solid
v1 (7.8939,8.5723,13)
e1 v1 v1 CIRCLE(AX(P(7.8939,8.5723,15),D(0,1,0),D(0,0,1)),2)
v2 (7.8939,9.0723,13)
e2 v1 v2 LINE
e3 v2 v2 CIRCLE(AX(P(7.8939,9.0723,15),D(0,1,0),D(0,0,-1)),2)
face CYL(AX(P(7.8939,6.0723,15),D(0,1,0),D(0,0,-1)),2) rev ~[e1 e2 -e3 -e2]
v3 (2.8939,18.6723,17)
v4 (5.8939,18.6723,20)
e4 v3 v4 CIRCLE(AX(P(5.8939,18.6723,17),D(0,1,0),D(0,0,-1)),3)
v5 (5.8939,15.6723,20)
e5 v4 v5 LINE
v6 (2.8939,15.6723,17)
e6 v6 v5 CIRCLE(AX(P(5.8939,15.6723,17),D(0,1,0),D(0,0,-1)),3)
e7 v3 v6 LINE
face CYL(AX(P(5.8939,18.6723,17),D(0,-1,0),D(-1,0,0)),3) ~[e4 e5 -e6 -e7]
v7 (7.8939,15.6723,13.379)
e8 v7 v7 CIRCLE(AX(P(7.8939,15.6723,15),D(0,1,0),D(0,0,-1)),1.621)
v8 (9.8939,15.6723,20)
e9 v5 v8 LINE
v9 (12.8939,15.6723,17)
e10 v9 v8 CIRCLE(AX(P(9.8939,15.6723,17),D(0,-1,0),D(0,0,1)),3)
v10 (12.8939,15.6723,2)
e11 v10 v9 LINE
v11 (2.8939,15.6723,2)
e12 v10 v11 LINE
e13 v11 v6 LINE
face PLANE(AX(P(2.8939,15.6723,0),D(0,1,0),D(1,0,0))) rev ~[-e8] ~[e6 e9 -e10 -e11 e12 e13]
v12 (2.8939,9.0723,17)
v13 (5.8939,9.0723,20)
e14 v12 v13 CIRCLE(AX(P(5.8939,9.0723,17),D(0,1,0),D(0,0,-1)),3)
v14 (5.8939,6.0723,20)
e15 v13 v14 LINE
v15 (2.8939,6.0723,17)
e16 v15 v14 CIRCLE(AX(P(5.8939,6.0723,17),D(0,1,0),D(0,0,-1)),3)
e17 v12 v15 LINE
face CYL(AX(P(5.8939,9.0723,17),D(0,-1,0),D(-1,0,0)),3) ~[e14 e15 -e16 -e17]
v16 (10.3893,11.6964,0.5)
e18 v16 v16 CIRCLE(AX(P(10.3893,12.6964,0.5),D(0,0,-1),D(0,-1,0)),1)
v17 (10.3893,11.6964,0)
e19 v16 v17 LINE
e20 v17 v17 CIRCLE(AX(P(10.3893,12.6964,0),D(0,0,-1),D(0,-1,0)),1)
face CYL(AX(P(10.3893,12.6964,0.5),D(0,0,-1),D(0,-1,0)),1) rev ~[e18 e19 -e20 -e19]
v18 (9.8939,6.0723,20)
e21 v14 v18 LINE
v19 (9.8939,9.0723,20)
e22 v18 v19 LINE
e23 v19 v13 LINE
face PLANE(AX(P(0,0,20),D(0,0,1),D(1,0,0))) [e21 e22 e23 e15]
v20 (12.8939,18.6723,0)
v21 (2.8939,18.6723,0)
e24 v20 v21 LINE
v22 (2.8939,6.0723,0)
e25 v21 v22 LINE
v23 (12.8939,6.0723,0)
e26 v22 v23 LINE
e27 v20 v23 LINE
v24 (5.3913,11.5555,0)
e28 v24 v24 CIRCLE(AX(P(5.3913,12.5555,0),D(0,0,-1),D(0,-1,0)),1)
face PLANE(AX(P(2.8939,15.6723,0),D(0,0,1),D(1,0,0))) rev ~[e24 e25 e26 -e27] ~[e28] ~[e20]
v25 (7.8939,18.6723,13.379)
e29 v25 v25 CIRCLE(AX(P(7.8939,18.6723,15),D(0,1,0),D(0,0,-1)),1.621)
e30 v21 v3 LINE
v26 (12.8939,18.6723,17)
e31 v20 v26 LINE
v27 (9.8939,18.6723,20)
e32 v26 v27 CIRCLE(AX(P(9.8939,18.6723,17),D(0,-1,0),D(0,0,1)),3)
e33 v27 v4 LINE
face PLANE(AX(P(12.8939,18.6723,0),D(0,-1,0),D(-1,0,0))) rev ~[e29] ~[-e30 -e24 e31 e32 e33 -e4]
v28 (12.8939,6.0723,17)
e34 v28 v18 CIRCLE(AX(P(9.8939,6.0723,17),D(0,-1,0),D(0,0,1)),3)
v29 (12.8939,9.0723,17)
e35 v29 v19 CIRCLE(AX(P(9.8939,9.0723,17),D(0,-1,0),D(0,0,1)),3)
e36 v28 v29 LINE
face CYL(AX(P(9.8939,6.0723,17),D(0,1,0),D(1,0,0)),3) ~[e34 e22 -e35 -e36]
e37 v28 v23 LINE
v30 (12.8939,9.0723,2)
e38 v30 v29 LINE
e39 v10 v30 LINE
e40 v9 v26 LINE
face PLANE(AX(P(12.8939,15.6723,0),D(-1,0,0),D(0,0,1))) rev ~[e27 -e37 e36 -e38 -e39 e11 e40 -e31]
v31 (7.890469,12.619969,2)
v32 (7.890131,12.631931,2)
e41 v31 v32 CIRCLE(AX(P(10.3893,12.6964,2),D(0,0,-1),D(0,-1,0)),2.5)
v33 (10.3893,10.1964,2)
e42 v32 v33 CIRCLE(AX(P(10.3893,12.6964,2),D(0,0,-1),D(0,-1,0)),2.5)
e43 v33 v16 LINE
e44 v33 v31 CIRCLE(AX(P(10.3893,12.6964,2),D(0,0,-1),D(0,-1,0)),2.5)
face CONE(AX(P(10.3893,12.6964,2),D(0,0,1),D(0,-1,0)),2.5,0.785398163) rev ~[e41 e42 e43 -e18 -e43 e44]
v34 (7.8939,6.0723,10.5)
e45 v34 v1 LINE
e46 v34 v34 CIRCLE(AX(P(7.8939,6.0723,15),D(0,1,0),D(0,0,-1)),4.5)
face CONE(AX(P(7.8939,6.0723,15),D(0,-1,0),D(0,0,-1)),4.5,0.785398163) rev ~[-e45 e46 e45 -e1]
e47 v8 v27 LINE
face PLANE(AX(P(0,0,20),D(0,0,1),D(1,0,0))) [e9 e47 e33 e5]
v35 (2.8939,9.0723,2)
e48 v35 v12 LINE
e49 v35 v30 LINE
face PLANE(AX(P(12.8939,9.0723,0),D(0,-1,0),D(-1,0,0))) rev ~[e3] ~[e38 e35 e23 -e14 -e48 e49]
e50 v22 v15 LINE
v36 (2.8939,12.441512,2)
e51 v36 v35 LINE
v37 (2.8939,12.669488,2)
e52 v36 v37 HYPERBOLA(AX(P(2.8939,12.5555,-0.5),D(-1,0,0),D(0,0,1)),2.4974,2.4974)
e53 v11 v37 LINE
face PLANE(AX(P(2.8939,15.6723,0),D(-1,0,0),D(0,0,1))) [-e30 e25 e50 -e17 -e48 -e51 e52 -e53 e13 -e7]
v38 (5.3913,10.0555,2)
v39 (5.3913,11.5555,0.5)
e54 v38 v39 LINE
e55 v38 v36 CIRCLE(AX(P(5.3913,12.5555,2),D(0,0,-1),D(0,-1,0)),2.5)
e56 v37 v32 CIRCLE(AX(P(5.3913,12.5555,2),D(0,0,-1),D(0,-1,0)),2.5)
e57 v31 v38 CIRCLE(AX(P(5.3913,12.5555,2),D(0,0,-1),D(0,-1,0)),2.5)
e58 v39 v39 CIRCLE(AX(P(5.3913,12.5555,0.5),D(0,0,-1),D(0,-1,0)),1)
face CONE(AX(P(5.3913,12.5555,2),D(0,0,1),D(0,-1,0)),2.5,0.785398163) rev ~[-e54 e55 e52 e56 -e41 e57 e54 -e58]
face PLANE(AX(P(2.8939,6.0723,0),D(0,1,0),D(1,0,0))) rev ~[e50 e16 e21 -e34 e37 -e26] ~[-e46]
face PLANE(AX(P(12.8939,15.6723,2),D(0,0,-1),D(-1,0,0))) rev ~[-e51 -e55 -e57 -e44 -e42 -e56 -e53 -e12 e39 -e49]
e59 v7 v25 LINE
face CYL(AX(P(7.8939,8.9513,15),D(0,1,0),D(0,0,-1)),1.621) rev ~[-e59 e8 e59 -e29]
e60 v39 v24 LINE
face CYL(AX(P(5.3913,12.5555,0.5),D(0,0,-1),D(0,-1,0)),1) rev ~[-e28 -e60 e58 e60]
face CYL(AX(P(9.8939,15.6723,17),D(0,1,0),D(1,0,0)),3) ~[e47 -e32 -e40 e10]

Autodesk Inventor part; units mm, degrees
ref_plane "YZ Plane" through (0, 0, 0) normal (1, 0, 0) x (0, 1, 0)
ref_plane "XZ Plane" through (0, 0, 0) normal (0, 1, 0) x (-1, 0, 0)
ref_plane "XY Plane" through (0, 0, 0) normal (0, 0, 1) x (1, 0, 0)
sketch "Skizze1" plane through (0, 0, 0) normal (0, 0, 1) x (1, 0, 0)
  line L0 (12.8939, 18.6723) -> (2.8939, 18.6723)
  line L1 (2.8939, 18.6723) -> (2.8939, 15.6723)
  line L2 (2.8939, 15.6723) -> (12.8939, 15.6723)
  line L3 (12.8939, 15.6723) -> (12.8939, 18.6723)
  line L4 (12.8939, 9.0723) -> (2.8939, 9.0723)
  line L5 (2.8939, 9.0723) -> (2.8939, 6.0723)
  line L6 (2.8939, 6.0723) -> (12.8939, 6.0723)
  line L7 (12.8939, 6.0723) -> (12.8939, 9.0723)
  line L8 (12.8939, 15.6723) -> (12.8939, 12.3723) construction
  line L9 (12.8939, 12.3723) -> (12.8939, 9.0723) construction
  point P0 (0, 0)
  point P1 (7.8939, 9.0723)
  dimension "d0" = 10
  dimension "d1" = 3
  dimension "d2" = 3
  dimension "d3" = 6.6
extrude "Extrusion1" add sketch "Skizze1" along normal blind 20
fillet "Rundung1" radius 3 4 edges at (12.8939, 7.5723, 20) (12.8939, 17.1723, 20) (2.8939, 17.1723, 20) (2.8939, 7.5723, 20)
sketch "Skizze2" plane through (2.8939, 6.0723, 0) normal (0, -1, 0) x (1, 0, 0)
  circle A0 centre (5, 15) radius 5 construction
  line L0 (10, 0) -> (10, 17) construction
  line L1 (0, 0) -> (0, 17) construction
  line L2 (3, 20) -> (7, 20) construction
  point P0 (-2.8939, 0)
hole "Bohrung1" at (7.8939, 6.0723, 15) direction (0, 1, 0) diameter 3.242 end through all countersink diameter 9 countersink angle 90 thread size "M4x0.7" class "6H" standard "ISO Metric profile"
sketch "Skizze3" plane through (2.8939, 15.6723, 0) normal (0, -1, 0) x (1, 0, 0)
  line L0 (0, 0) -> (10, 0) projected
  line L1 (10, 0) -> (10, 2)
  line L2 (10, 0) -> (10, 17) projected
  line L3 (10, 2) -> (0, 2)
  line L4 (0, 0) -> (0, 17) projected
  point P0 (-2.8939, 0)
  dimension "d15" = 2
extrude "Extrusion2" add sketch "Skizze3" along normal through all
sketch "Skizze4" plane through (2.8939, 15.6723, 2) normal (0, 0, 1) x (1, 0, 0)
  line L0 (10, -3.3) -> (10, 0) construction
  line L1 (10, -3.3) -> (10, -6.6) construction
  line L2 (0, -3.3) -> (0, -6.6) construction
  line L3 (0, 0) -> (0, -3.3) construction
  line L4 (7, 3) -> (3, 3) construction
  line L5 (0, 3) -> (0, 0) construction
  line L6 (-4, -3.3) -> (5, -3.3) construction
  line L7 (-4, -3.3) -> (4.9964, -3.0464) construction
  line L8 (-4, -3.3) -> (5, -3.3) construction
  line L9 (2.4974, -3.1169) -> (4.9964, -3.0464) construction
  line L10 (4.9964, -3.0464) -> (7.4954, -2.976) construction
  point P0 (-2.8939, -15.6723)
  dimension "d34" = 5
  dimension "d35" = 9
  dimension "d36" = 6.3
  dimension "d37" = 5
  dimension "d38" = 9
  dimension "d40" = 9
  dimension "d41" = -1.615
hole "Bohrung2" at (10.3893, 12.6964, 2) at (5.3913, 12.5555, 2) direction (0, 0, -1) diameter 2 end through all countersink diameter 5 countersink angle 90
sketch "Skizze5" plane through (2.8939, 6.0723, 0) normal (0, -1, 0) x (1, 0, 0)
  circle A0 centre (5, 15) radius 4.5 projected
  point P0 (-2.8939, 0)
hole "Bohrung3" at (7.8939, 6.0723, 15) direction (0, 1, 0) diameter 4 depth 3
equation "\"d41\" = -schrägWinkel"
equation "\"schrägWinkel\" = 1.614505deg"
properties part number "HalterUmlenkrolleOVL" material "PC/ABS-Kunststoff, 3DDruck, PLA"
